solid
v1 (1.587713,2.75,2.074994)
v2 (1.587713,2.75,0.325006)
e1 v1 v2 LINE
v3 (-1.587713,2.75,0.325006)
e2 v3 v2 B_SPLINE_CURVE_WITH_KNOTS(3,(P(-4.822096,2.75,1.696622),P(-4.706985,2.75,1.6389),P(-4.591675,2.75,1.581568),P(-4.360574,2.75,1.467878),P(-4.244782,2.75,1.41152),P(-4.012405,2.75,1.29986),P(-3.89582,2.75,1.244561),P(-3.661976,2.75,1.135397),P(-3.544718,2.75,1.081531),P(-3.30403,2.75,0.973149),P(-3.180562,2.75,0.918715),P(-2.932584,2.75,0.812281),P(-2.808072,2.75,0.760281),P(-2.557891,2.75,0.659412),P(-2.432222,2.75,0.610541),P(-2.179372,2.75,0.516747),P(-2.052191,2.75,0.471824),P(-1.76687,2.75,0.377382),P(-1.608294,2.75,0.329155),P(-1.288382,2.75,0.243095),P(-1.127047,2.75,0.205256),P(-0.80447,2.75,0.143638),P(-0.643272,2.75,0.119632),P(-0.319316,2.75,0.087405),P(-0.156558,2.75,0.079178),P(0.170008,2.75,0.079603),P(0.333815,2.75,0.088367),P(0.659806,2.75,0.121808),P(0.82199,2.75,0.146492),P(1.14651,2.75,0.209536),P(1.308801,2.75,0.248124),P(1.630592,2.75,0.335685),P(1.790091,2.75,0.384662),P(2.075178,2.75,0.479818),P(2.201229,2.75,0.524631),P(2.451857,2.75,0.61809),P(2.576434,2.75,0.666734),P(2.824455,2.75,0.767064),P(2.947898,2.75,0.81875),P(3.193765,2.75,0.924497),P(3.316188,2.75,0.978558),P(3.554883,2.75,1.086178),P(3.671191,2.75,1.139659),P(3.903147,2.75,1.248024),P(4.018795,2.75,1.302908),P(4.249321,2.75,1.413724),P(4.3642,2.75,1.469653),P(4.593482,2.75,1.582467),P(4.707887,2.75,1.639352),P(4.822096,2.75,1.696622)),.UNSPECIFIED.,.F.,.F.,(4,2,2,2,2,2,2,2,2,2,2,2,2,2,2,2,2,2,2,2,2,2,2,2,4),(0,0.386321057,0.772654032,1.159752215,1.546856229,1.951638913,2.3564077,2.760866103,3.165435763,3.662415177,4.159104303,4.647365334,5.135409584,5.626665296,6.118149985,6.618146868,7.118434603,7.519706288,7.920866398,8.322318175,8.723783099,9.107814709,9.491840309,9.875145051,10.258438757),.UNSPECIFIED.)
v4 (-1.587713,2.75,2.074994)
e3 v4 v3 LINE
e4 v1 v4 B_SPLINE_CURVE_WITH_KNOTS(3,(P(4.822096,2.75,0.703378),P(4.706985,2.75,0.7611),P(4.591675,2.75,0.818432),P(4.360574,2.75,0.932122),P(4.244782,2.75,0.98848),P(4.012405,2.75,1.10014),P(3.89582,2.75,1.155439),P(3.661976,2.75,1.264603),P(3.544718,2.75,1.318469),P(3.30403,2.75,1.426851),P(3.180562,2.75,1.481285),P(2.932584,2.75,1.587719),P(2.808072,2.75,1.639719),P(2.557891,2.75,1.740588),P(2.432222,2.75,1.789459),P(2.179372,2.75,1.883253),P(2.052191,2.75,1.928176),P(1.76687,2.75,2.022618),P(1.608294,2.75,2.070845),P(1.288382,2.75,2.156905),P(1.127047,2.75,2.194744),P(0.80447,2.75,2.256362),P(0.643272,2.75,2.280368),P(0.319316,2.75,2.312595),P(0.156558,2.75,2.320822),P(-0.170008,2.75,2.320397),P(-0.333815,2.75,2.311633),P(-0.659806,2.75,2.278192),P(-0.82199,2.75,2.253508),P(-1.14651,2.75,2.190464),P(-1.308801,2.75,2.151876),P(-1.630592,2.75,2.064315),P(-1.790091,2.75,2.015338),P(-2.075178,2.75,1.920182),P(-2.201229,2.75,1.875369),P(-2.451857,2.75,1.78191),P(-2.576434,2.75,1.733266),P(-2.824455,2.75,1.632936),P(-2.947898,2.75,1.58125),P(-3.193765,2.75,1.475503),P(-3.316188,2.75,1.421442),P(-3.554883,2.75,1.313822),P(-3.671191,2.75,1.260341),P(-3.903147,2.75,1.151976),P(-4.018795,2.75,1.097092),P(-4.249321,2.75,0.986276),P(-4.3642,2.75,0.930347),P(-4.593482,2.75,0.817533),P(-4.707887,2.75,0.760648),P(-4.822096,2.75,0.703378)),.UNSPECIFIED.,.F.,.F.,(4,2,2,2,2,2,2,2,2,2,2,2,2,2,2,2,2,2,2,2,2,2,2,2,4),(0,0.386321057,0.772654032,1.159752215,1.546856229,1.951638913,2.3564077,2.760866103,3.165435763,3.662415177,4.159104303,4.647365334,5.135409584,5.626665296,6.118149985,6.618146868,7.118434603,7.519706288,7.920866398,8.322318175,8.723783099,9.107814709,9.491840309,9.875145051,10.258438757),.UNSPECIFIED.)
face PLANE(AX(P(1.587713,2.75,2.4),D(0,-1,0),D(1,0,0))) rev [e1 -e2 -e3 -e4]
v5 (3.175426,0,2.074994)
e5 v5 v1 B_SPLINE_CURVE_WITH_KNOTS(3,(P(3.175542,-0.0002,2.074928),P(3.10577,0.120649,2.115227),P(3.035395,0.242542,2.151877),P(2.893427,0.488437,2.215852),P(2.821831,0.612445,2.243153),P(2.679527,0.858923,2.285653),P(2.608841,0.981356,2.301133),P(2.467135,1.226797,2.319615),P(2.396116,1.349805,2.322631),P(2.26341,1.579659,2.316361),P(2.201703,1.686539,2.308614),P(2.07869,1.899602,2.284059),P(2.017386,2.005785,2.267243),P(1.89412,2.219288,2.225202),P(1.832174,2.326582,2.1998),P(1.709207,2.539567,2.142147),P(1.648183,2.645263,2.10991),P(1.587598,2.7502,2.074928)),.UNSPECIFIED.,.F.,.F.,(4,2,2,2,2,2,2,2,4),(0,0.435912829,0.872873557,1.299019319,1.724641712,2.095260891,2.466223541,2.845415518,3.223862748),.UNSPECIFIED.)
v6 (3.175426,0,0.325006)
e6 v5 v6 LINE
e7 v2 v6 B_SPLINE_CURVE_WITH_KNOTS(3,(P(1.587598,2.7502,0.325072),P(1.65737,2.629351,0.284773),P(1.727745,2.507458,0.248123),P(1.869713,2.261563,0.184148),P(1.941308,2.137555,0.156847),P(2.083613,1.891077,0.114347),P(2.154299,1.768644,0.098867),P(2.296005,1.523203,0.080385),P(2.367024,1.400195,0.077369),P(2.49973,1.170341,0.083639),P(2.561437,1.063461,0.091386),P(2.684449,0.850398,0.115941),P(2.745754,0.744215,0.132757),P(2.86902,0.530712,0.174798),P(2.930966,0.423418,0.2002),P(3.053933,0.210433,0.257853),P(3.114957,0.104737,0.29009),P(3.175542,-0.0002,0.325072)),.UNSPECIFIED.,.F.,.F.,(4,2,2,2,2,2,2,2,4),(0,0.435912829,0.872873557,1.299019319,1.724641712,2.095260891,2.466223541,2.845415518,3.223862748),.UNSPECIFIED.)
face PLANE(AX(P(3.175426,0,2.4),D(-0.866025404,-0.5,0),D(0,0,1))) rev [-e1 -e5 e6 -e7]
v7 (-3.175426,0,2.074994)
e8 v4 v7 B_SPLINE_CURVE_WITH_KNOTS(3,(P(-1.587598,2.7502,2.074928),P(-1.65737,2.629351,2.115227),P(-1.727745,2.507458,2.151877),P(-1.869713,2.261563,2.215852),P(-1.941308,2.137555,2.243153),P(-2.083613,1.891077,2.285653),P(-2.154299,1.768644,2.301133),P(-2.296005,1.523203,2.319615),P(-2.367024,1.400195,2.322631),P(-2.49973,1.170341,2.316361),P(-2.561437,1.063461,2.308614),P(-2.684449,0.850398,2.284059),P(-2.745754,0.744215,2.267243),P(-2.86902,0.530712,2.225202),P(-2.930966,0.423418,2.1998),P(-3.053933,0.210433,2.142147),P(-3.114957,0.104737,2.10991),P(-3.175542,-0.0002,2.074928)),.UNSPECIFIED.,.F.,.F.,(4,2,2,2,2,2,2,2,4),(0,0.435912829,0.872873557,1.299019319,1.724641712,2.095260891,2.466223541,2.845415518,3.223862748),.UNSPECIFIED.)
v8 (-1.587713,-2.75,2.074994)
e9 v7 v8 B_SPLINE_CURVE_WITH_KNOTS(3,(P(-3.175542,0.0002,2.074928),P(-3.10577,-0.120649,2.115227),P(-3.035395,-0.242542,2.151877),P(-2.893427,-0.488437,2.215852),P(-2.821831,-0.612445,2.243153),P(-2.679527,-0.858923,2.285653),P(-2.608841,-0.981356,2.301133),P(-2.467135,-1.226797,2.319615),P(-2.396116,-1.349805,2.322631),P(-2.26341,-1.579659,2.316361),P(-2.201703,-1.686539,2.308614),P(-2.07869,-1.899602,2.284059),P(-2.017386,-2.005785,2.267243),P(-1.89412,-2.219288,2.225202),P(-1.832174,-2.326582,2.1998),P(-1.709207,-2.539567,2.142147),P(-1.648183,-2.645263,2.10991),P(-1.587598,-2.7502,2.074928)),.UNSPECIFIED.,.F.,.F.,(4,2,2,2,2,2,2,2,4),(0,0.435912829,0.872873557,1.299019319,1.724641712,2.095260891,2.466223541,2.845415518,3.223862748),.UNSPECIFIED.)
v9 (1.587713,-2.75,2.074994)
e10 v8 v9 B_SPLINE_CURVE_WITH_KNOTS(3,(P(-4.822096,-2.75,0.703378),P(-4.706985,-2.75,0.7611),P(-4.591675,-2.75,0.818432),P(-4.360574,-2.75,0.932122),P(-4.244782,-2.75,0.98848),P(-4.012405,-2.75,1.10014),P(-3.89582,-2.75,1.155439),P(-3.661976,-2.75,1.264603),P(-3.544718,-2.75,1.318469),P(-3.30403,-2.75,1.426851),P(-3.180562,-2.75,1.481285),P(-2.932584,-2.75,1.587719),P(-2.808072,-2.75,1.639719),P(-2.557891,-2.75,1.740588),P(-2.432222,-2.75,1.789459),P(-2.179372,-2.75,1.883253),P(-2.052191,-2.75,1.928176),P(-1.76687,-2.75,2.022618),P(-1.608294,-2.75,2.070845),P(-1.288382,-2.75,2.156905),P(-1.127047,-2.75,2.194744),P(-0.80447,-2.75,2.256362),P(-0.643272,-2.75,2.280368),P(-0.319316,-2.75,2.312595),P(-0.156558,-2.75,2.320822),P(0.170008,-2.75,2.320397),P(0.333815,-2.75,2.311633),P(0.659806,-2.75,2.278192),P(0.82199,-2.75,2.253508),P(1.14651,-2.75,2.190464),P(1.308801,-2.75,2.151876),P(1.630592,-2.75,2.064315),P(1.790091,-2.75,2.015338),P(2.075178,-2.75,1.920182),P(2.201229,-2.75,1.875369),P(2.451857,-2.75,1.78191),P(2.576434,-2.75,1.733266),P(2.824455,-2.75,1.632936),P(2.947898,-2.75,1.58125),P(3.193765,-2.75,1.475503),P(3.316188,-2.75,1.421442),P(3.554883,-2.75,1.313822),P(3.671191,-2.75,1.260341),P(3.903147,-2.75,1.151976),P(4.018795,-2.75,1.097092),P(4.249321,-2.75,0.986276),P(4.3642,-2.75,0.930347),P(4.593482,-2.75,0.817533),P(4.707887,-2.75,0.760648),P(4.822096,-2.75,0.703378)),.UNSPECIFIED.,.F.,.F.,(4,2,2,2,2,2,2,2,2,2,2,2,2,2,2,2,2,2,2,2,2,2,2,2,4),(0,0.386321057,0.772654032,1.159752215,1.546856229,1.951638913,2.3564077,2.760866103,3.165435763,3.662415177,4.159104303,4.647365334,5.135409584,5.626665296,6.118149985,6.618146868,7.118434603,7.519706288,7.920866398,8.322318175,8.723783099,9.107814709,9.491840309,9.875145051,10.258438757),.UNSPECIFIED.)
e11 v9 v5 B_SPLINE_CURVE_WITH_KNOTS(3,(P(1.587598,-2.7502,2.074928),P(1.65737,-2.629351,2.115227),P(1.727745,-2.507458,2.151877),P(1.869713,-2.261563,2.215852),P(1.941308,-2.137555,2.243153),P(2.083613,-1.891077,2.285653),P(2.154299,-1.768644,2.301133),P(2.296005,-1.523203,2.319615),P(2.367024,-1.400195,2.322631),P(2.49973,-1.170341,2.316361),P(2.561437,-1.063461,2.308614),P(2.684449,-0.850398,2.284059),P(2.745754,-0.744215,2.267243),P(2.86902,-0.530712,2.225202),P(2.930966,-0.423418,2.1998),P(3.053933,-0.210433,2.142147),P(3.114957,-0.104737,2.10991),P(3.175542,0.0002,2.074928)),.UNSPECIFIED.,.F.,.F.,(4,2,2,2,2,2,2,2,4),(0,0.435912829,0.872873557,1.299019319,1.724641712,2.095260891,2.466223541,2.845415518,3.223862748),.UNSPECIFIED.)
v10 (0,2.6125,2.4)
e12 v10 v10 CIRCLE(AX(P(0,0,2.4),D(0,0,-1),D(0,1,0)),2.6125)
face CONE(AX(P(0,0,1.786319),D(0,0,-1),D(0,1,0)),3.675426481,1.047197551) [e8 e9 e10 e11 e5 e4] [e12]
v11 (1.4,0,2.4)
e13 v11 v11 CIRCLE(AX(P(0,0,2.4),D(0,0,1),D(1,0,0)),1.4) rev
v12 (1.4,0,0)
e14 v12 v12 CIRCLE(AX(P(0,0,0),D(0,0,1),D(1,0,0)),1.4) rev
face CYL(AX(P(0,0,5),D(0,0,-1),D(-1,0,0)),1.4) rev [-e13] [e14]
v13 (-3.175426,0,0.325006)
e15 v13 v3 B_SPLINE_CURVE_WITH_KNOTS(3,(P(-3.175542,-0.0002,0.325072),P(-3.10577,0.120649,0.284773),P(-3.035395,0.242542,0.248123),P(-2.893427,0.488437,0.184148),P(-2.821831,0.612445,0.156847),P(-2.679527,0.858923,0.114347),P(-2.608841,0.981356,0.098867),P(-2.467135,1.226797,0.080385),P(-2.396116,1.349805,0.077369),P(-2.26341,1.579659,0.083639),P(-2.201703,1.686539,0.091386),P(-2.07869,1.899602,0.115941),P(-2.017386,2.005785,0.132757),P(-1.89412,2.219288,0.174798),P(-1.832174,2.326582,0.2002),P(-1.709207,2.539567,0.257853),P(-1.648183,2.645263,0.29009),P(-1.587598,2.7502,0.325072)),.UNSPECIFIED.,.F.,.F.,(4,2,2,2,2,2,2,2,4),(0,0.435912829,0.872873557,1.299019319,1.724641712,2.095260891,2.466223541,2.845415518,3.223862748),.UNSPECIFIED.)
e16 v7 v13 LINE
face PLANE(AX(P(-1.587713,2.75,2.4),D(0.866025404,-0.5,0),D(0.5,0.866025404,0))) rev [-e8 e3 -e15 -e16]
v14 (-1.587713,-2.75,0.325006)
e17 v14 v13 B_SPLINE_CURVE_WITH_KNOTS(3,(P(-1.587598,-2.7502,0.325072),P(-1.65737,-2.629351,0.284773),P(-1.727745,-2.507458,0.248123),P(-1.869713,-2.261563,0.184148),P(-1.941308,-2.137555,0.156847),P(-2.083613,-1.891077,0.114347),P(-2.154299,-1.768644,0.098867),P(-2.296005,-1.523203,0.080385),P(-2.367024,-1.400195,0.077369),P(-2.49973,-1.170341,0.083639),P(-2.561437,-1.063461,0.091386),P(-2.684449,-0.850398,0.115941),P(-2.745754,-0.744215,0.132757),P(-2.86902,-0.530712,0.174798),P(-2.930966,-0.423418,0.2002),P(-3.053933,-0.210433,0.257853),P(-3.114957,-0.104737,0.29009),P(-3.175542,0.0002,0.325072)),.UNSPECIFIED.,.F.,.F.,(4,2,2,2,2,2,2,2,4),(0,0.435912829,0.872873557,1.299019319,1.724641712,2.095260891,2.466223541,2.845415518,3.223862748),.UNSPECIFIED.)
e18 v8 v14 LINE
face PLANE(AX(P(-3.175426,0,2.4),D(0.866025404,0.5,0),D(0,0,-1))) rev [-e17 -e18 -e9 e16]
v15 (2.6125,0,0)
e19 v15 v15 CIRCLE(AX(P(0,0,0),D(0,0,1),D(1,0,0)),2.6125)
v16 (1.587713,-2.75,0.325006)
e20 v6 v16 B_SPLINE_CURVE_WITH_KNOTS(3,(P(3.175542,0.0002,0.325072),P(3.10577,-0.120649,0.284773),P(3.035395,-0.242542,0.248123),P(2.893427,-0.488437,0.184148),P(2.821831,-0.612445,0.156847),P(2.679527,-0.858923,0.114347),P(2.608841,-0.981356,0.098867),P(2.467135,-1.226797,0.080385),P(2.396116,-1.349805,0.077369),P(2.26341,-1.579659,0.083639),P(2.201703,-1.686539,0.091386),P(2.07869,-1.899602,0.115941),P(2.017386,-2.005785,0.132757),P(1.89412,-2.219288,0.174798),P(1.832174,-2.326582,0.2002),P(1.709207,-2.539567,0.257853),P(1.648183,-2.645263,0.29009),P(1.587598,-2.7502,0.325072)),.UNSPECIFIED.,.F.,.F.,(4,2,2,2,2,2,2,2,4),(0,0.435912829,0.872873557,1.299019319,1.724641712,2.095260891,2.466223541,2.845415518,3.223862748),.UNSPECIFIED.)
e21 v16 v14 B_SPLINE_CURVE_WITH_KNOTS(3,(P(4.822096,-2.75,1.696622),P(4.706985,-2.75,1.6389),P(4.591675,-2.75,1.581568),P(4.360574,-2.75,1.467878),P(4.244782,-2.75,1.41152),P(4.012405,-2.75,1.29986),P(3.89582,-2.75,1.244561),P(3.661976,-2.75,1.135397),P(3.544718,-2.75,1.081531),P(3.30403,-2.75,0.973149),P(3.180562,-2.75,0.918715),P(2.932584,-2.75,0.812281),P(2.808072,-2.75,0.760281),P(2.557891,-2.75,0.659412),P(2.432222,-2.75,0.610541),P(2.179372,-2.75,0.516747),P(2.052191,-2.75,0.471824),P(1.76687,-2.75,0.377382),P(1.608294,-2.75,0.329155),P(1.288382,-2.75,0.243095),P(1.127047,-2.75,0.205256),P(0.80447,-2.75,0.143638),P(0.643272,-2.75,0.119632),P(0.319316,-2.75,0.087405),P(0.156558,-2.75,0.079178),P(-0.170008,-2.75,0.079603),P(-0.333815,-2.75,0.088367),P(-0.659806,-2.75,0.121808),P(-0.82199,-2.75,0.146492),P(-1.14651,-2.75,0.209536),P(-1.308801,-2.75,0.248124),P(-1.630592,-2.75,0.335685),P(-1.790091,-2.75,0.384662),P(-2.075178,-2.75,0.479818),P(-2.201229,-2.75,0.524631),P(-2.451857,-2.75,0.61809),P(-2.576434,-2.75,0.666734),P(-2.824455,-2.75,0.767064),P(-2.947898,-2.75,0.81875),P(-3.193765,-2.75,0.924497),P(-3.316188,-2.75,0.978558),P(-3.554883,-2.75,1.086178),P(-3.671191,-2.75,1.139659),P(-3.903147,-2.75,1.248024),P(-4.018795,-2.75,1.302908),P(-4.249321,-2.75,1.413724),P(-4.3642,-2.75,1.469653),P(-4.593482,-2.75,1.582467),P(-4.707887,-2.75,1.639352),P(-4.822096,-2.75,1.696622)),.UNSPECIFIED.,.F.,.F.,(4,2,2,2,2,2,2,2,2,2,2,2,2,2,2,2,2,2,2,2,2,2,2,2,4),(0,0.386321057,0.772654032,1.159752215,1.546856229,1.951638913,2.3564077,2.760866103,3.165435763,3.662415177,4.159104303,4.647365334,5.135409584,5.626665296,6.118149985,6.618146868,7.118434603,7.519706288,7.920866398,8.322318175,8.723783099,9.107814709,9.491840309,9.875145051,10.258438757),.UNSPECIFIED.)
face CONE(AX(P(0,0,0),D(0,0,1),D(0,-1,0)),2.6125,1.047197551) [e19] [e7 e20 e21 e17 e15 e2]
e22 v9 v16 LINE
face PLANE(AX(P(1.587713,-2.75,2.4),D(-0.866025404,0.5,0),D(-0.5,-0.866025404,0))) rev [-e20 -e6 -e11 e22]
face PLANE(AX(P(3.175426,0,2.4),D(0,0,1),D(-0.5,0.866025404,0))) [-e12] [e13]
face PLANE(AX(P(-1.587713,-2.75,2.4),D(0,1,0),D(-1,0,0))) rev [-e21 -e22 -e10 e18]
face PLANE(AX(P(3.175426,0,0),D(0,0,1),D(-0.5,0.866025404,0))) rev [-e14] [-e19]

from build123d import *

# Parameters (mm, degrees)
F_0181_EXTRUDE_DEPTH        = 2.4
F_0181_EXTRUDE_ROTATE_ANGLE = 120
F_0180_REVOLVE_ROTATE_ANGLE = 90
F_0183_CYLINDER_SKETCH_R    = 1.4
F_0183_CYLINDER_DEPTH       = 10


with BuildPart() as part:
    # 0181_extrude_Sketch → 0181_extrude (new body)
    with BuildSketch(Plane.XY):
        Polygon((0, 0), (3.175426481, 0), (4.763139721, 2.75), (3.175426481, 5.5), (0, 5.5), (-1.58771324, 2.75), align=None)
    extrude(amount=F_0181_EXTRUDE_DEPTH)


with BuildPart() as part_1:
    # 0181_extrude_Rotate: moved
    add(part.part.rotate(Axis((0, 0, 0), (0, 0, 1)), F_0181_EXTRUDE_ROTATE_ANGLE))


with BuildPart() as part_2:
    # 0181_extrude_Translate: moved
    add(part_1.part.moved(Location((3.175426481, 0, 0))))


with BuildPart() as body_2:
    # 0180_revolve_Sketch → 0180_revolve (revolve)
    with BuildSketch(Plane.XY, mode=Mode.PRIVATE) as f_0180_revolve_sk:
        Polygon((0, 0), (2.6125, 0), (3.675426481, 0.61368089), (3.675426481, 1.78631911), (2.6125, 2.4), (0, 2.4), align=None)
    revolve(f_0180_revolve_sk.sketch.rotate(Axis((0, -100, 0), (0, 1, 0)), 90), axis=Axis((0, -100, 0), (0, 1, 0)))


with BuildPart() as body_2_1:
    # 0180_revolve_Rotate: moved
    add(body_2.part.rotate(Axis((0, 0, 0), (1, 0, 0)), F_0180_REVOLVE_ROTATE_ANGLE))


with BuildPart() as part_3:
    add(part_2.part)

    # 0182_common: intersect body 2
    add(body_2_1.part, mode=Mode.INTERSECT)


with BuildPart() as body_2_2:
    # 0183_cylinder_Sketch → 0183_cylinder (new body)
    with BuildSketch(Plane.XY):
        Circle(F_0183_CYLINDER_SKETCH_R)
    extrude(amount=F_0183_CYLINDER_DEPTH)


with BuildPart() as body_2_2_1:
    # 0183_cylinder_Translate: moved
    add(body_2_2.part.moved(Location((0, 0, -5))))


with BuildPart() as part_4:
    add(part_3.part)

    # 0184_sub: cut body 2 2
    add(body_2_2_1.part, mode=Mode.SUBTRACT)


solid = part_4.part
